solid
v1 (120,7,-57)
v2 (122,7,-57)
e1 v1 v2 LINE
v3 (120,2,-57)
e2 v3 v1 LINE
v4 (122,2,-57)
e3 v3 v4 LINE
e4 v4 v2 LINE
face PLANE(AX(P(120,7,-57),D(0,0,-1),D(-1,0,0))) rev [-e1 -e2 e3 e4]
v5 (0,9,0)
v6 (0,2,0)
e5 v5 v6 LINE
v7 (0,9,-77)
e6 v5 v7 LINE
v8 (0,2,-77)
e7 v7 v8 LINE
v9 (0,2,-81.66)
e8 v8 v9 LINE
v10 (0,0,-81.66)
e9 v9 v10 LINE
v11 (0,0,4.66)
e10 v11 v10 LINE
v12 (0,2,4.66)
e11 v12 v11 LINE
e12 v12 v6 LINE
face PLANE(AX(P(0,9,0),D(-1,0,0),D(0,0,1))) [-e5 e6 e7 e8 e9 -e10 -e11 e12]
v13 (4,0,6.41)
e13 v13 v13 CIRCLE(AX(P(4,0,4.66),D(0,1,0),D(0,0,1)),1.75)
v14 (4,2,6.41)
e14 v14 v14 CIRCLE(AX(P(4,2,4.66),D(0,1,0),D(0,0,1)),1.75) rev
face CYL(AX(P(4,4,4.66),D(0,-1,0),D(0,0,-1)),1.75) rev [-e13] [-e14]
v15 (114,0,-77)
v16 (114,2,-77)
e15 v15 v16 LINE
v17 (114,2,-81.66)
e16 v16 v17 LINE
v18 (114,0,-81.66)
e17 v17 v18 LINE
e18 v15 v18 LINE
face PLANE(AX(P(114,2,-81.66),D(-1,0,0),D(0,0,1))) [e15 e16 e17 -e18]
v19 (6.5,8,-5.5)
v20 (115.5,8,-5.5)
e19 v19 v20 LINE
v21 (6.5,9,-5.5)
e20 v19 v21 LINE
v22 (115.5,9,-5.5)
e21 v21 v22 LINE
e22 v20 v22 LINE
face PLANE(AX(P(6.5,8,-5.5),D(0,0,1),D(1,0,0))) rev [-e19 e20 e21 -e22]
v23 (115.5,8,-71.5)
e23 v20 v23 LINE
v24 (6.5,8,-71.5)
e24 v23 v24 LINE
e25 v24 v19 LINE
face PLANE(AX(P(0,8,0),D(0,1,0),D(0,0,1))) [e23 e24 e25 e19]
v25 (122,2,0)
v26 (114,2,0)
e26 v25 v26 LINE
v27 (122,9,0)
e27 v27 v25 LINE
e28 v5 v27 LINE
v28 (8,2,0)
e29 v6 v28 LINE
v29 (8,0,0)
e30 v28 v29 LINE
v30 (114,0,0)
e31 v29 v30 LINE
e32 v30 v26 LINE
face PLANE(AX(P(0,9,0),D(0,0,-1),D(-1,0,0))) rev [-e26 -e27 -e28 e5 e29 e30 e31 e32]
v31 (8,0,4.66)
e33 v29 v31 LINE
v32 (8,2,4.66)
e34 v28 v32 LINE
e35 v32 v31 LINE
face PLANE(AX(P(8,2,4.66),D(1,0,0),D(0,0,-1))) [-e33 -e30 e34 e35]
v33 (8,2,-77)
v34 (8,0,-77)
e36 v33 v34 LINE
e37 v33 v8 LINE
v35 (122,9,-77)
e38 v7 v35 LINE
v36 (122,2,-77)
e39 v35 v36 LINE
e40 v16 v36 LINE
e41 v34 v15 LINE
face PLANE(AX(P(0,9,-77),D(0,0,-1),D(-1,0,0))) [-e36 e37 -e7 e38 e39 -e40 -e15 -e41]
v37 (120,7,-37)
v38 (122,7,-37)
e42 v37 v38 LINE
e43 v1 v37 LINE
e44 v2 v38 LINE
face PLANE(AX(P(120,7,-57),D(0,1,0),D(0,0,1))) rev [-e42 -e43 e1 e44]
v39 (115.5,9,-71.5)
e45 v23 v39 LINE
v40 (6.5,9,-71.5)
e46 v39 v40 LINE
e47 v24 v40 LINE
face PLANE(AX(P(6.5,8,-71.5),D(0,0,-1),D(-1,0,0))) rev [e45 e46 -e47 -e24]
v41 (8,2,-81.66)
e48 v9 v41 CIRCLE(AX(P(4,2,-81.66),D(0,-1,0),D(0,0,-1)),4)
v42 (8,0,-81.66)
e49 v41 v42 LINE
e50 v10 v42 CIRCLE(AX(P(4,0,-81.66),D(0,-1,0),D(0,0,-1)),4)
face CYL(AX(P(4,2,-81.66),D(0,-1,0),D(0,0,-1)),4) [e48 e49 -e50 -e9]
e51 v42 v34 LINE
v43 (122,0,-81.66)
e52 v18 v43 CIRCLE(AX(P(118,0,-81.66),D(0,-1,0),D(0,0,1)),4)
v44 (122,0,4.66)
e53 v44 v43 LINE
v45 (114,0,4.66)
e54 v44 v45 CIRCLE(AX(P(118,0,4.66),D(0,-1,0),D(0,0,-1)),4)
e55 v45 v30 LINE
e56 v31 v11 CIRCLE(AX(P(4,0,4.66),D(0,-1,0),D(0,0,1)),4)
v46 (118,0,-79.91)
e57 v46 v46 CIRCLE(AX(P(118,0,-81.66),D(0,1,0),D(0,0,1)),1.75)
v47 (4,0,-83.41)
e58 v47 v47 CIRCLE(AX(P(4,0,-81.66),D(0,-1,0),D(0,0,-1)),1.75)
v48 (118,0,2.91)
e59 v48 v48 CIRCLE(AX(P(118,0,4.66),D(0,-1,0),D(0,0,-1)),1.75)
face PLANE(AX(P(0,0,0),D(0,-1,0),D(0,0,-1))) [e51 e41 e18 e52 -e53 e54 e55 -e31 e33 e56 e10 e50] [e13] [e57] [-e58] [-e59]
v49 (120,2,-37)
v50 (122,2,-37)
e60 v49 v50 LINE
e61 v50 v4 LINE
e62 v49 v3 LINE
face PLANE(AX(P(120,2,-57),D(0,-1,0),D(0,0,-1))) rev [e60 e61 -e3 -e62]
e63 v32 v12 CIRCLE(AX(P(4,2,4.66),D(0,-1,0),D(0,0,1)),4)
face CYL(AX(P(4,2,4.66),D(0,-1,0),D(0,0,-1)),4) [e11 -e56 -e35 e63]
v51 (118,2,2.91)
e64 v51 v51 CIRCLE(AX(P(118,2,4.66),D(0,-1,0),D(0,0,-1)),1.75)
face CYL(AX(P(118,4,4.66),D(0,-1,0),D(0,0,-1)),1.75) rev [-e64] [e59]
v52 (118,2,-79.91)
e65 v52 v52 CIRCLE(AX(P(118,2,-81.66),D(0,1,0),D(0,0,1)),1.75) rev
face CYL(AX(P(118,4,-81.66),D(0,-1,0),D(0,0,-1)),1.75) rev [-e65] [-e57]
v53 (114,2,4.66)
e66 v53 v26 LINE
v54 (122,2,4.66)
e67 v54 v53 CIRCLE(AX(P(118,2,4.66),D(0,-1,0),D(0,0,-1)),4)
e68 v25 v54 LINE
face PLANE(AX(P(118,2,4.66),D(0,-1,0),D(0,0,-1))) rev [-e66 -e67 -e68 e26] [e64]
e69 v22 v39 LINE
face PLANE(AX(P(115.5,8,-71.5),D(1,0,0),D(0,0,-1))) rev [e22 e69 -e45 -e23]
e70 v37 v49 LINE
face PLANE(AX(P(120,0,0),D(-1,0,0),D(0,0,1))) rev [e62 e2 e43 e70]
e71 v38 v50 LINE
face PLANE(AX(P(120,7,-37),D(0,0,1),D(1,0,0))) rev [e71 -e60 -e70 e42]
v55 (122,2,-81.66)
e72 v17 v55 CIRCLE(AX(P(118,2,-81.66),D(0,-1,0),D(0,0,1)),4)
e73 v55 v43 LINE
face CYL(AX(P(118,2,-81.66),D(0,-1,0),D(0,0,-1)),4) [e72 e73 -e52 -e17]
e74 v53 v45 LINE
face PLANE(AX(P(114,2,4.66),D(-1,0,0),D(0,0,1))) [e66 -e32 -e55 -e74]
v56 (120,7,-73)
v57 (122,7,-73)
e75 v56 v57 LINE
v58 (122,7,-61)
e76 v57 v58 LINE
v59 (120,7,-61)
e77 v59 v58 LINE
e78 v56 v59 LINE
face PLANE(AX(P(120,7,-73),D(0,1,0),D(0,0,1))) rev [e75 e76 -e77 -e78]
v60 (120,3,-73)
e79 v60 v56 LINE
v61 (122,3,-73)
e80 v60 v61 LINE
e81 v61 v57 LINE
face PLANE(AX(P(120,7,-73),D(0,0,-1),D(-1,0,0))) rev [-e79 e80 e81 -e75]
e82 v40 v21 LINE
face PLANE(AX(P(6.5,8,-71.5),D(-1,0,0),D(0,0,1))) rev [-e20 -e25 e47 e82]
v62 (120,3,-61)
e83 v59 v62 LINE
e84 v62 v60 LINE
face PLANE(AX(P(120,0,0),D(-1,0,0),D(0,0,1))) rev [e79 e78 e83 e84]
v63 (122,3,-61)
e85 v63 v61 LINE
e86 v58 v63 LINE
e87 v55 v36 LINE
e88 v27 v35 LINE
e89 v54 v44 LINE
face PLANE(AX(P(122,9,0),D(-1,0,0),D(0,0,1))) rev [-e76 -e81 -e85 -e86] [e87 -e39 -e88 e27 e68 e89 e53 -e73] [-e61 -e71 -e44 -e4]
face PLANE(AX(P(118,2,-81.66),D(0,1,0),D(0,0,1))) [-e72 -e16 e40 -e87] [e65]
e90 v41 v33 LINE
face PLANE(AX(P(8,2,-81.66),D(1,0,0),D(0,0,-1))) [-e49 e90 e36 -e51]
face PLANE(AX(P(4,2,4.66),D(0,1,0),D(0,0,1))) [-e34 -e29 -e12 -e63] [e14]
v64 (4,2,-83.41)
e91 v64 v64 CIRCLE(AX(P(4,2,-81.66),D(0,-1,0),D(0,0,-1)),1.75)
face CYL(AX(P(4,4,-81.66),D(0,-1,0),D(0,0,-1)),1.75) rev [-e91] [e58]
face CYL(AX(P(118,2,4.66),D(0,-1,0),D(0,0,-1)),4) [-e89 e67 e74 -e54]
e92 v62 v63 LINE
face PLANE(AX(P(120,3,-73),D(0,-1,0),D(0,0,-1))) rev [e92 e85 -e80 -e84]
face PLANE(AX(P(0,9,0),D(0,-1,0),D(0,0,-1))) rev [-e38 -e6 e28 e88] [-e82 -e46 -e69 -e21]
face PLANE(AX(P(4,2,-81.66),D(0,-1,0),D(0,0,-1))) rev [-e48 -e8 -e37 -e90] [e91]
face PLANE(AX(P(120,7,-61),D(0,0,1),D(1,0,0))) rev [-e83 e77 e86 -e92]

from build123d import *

# Parameters (mm, degrees)
SKETCH1_W           = 122
SKETCH1_H           = 77
BOSS_EXTRUDE1_DEPTH = 9
SKETCH2_W           = 109
SKETCH2_H           = 66
CUT_EXTRUDE1_DEPTH  = 1
BOSS_EXTRUDE2_DEPTH = 2
SKETCH4_R           = 1.75
CUT_EXTRUDE3_DEPTH  = 4
SKETCH5_W           = 12
SKETCH5_H           = 4
SKETCH5_W_2         = 20
SKETCH5_H_2         = 5
CUT_EXTRUDE4_DEPTH  = 2


with BuildPart() as part:
    # Sketch1 → Boss-Extrude1 (new body)
    with BuildSketch(Plane(origin=(0, 0, 0), x_dir=(1, 0, 0), z_dir=(0, 1, 0))):
        with Locations((61, 38.5)):
            Rectangle(SKETCH1_W, SKETCH1_H)
    extrude(amount=BOSS_EXTRUDE1_DEPTH)

    # Sketch2 → Cut-Extrude1 (cut)
    with BuildSketch(Plane(origin=(0, 9, 0), x_dir=(1, 0, 0), z_dir=(0, 1, 0))):
        with Locations((61, 38.5)):
            Rectangle(SKETCH2_W, SKETCH2_H)
    extrude(amount=-CUT_EXTRUDE1_DEPTH, mode=Mode.SUBTRACT)

    # Sketch3 → Boss-Extrude2 (add)
    with BuildSketch(Plane.XZ):
        with BuildLine():
            Line((0, -81.66), (0, -72.34))
            ThreePointArc((0, -72.34), (4, -68.34), (8, -72.34))
            Line((8, -72.34), (8, -81.66))
            ThreePointArc((8, -81.66), (4, -85.66), (0, -81.66))
        make_face()
        with BuildLine():
            Line((122, -81.66), (122, -72.34))
            ThreePointArc((122, -72.34), (118, -68.34), (114, -72.34))
            Line((114, -72.34), (114, -81.66))
            ThreePointArc((114, -81.66), (118, -85.66), (122, -81.66))
        make_face()
        with BuildLine():
            Line((0, 4.66), (0, -4.66))
            ThreePointArc((0, -4.66), (4, -8.66), (8, -4.66))
            Line((8, -4.66), (8, 4.66))
            ThreePointArc((8, 4.66), (4, 8.66), (0, 4.66))
        make_face()
        with BuildLine():
            Line((122, 4.66), (122, -4.66))
            ThreePointArc((122, -4.66), (118, -8.66), (114, -4.66))
            Line((114, -4.66), (114, 4.66))
            ThreePointArc((114, 4.66), (118, 8.66), (122, 4.66))
        make_face()
    extrude(amount=-BOSS_EXTRUDE2_DEPTH)

    # Sketch4 → Cut-Extrude3 (cut)
    with BuildSketch(Plane.XZ):
        with Locations(Location((4, -81.66, 0), (0, 0, 270))):
            Circle(SKETCH4_R)
        with Locations(Location((118, -81.66, 0), (0, 0, 90))):
            Circle(SKETCH4_R)
        with Locations(Location((4, 4.66, 0), (0, 0, 90))):
            Circle(SKETCH4_R)
        with Locations(Location((118, 4.66, 0), (0, 0, 270))):
            Circle(SKETCH4_R)
    extrude(amount=-CUT_EXTRUDE3_DEPTH, mode=Mode.SUBTRACT)

    # Sketch5 → Cut-Extrude4 (cut)
    with BuildSketch(Plane(origin=(122, 0, 0), x_dir=(0, 0, -1), z_dir=(1, 0, 0))):
        with Locations((67, 5)):
            Rectangle(SKETCH5_W, SKETCH5_H)
        with Locations((47, 4.5)):
            Rectangle(SKETCH5_W_2, SKETCH5_H_2)
    extrude(amount=-CUT_EXTRUDE4_DEPTH, mode=Mode.SUBTRACT)


solid = part.part
